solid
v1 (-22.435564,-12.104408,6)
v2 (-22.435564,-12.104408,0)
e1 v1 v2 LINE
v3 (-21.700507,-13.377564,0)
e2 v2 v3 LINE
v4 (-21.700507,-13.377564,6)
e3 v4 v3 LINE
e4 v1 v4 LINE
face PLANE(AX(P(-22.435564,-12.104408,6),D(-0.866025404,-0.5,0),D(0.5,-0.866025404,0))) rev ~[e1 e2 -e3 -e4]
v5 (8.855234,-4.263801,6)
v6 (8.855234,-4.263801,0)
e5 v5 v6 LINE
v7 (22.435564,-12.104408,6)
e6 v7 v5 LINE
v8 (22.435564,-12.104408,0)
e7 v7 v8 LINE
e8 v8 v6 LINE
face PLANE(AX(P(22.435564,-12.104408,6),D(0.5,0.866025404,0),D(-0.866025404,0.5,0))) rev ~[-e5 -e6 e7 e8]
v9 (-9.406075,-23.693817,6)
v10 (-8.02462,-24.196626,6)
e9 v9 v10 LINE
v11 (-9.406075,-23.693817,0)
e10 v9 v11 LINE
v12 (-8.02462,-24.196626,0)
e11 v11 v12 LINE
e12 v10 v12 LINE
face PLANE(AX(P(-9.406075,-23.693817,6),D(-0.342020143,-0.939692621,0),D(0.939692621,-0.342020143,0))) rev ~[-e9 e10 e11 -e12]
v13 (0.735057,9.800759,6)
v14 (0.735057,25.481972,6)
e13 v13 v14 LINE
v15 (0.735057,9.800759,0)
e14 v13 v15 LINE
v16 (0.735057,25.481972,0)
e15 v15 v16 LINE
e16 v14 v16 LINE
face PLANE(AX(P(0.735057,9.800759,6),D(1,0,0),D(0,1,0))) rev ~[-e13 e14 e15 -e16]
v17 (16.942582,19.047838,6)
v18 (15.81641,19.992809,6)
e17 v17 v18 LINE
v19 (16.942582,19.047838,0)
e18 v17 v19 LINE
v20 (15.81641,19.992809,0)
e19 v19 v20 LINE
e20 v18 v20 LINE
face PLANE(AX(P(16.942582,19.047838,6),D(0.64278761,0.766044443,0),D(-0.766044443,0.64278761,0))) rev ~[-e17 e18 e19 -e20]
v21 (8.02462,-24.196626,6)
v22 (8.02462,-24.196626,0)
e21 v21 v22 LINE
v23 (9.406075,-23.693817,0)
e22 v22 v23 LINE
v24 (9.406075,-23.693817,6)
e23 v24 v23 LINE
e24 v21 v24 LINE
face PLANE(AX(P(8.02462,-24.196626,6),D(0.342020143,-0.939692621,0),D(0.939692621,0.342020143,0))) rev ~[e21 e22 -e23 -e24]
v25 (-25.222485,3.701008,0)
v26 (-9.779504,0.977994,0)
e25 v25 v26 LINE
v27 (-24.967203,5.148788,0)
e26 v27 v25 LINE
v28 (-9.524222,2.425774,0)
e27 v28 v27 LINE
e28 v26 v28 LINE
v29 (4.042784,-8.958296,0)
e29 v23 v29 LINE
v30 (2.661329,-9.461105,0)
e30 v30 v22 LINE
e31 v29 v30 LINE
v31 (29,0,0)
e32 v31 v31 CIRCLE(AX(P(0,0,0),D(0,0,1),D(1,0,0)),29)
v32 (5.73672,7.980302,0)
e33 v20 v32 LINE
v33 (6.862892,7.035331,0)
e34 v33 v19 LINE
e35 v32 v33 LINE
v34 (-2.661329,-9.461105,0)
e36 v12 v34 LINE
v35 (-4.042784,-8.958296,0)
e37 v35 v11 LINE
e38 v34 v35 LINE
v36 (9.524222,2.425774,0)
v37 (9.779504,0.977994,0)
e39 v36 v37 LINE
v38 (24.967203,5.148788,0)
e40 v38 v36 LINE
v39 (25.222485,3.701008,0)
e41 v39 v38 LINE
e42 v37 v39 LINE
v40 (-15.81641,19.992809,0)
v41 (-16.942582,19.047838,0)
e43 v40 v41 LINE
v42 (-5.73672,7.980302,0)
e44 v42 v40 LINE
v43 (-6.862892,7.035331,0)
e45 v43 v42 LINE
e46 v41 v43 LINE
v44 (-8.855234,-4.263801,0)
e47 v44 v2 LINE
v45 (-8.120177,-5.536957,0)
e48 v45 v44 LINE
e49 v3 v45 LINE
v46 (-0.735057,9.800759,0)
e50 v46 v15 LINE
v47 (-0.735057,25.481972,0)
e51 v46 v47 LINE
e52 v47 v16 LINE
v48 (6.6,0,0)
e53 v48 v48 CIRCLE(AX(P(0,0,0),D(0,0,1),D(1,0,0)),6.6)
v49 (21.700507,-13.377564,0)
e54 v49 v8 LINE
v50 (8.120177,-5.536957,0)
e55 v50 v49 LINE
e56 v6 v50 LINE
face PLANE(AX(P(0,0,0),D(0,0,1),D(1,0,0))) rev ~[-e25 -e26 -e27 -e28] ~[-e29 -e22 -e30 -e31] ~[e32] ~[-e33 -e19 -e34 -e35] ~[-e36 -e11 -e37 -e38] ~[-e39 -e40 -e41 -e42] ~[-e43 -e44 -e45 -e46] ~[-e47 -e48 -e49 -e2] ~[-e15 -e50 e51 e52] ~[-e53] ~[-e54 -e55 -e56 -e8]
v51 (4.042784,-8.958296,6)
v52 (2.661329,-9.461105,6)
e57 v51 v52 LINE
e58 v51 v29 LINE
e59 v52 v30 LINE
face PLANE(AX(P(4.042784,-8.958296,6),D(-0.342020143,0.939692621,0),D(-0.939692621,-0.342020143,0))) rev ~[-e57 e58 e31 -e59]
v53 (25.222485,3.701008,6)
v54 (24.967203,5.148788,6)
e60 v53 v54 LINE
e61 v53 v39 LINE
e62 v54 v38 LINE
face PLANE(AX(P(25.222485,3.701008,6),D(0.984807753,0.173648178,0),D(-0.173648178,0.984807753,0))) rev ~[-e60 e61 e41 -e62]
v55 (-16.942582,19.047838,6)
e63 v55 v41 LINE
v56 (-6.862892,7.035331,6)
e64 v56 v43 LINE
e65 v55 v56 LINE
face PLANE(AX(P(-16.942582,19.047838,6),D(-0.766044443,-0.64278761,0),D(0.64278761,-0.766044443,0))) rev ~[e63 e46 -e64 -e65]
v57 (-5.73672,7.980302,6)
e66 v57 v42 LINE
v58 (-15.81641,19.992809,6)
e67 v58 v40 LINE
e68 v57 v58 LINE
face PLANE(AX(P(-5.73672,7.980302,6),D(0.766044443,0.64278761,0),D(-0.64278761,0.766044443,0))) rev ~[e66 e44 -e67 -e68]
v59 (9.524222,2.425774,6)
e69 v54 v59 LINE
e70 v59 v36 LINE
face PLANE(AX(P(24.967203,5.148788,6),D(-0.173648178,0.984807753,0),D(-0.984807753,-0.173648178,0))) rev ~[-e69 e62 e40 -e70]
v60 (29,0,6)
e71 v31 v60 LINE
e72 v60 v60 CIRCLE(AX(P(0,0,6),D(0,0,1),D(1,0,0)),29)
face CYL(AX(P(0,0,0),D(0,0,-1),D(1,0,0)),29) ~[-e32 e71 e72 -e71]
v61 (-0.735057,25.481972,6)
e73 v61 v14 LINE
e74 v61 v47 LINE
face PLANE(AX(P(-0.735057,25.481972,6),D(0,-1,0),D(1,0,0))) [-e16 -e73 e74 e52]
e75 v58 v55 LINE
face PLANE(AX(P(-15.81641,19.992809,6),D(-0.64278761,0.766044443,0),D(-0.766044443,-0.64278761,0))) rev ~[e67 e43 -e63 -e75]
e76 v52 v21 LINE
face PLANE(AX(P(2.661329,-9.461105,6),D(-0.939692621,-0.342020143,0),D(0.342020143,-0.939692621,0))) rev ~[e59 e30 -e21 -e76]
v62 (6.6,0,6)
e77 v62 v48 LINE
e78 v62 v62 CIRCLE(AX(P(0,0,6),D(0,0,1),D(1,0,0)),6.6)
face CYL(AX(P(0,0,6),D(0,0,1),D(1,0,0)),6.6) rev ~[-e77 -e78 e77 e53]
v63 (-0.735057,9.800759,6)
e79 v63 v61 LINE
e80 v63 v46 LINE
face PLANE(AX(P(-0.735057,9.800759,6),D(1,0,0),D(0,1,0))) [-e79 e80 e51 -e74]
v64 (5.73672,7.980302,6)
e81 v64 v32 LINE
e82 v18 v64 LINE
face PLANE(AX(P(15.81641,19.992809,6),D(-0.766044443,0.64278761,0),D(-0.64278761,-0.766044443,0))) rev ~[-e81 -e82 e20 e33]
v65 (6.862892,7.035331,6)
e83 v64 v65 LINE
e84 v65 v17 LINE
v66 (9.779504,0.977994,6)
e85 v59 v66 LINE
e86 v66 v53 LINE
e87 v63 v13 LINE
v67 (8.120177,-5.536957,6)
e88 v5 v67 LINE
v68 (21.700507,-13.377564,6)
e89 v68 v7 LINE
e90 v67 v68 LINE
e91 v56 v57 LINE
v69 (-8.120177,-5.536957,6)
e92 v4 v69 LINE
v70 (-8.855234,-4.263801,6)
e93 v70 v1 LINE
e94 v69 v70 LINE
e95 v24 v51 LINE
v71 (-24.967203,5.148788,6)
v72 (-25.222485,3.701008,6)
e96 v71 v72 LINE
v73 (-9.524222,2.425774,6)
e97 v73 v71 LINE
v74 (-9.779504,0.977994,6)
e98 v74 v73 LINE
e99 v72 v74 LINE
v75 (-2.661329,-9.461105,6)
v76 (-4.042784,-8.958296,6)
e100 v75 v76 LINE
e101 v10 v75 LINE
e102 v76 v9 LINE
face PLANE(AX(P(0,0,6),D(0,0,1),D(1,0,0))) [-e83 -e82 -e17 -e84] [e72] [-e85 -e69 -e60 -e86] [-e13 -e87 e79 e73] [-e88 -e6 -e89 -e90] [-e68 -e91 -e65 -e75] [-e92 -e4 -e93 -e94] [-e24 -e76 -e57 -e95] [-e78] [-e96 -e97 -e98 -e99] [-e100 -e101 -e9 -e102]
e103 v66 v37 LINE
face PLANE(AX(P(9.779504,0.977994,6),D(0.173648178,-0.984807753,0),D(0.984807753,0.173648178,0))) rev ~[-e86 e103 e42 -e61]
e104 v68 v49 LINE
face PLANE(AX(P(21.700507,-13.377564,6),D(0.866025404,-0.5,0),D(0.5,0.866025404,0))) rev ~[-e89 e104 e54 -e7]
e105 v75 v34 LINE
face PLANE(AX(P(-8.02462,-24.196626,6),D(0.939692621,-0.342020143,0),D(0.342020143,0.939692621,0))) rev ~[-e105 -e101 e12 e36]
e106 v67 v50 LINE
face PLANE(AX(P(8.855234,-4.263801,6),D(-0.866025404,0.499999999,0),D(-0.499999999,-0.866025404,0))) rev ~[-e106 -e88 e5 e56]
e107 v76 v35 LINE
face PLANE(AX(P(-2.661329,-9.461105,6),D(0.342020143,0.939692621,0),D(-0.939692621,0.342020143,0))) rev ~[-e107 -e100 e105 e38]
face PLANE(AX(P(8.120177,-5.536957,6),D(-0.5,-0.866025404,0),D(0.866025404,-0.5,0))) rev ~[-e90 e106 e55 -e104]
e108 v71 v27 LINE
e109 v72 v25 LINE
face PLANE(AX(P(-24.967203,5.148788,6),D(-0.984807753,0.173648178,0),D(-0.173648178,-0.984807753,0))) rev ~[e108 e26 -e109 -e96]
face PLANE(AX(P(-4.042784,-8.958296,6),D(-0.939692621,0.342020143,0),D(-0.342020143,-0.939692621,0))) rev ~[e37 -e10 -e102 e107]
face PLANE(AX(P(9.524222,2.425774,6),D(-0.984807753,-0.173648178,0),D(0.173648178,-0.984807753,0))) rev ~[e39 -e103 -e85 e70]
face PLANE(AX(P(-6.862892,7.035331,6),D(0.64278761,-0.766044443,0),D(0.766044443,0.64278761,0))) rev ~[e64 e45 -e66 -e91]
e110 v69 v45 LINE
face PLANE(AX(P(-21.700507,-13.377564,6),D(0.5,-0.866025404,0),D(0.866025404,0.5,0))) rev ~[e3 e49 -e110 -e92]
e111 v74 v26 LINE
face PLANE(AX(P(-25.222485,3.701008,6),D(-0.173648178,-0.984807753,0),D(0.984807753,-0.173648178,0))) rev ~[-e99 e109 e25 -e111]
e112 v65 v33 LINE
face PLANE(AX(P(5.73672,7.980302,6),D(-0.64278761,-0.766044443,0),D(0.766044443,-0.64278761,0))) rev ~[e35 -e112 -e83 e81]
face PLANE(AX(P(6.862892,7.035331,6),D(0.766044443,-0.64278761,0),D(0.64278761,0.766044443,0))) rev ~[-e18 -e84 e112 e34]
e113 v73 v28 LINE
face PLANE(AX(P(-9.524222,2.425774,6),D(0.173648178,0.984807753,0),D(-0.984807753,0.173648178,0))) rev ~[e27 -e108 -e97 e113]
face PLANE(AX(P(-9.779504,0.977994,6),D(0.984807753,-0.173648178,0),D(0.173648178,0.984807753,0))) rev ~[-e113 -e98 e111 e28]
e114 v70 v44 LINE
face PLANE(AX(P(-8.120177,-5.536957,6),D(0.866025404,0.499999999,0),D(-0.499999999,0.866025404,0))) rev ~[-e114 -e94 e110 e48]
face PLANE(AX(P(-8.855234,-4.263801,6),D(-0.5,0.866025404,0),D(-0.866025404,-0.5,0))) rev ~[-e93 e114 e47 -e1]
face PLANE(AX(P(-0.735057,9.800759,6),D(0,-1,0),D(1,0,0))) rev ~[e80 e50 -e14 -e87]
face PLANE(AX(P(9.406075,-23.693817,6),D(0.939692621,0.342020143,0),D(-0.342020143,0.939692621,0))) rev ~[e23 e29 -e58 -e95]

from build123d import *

# Parameters (mm, degrees)
SKETCH_1_R          = 29
EXTRUDE_1_DEPTH     = 6
SKETCH_2_R          = 6.6
CUT_EXTRUDE_1_DEPTH = 42.448763552
SKETCH_3_W          = 1.470113788
SKETCH_3_H          = 15.681213729
CUT_EXTRUDE_2_DEPTH = 42.448763552


with BuildPart() as part:
    # 草图1 → 凸台-拉伸1 (new body)
    with BuildSketch(Plane.XY):
        Circle(SKETCH_1_R)
    extrude(amount=EXTRUDE_1_DEPTH)

    # 草图2 → 切除-拉伸1 (cut, through all)
    with BuildSketch(Plane.XY.offset(6)):
        Circle(SKETCH_2_R)
    extrude(amount=-CUT_EXTRUDE_1_DEPTH, mode=Mode.SUBTRACT)

    # 草图3 → 切除-拉伸2 (cut, through all)
    with BuildSketch(Plane.XY.offset(6)):
        Polygon((15.816409823, 19.992808752), (5.736719933, 7.980302113), (6.86289243, 7.035331186), (16.94258232, 19.047837825), align=None)
        with Locations((0, 17.641365445)):
            Rectangle(SKETCH_3_W, SKETCH_3_H)
        Polygon((24.967202603, 5.148787783), (9.524221746, 2.425773595), (9.779504326, 0.97799414), (25.222485183, 3.701008327), align=None)
        Polygon((22.435563806, -12.104408212), (8.855234354, -4.263801347), (8.120177461, -5.536957234), (21.700506913, -13.377564098), align=None)
        Polygon((9.406075361, -23.693817079), (4.042784393, -8.958296253), (2.661329316, -9.461104781), (8.024620283, -24.196625607), align=None)
        Polygon((-8.024620283, -24.196625607), (-2.661329316, -9.461104781), (-4.042784393, -8.958296253), (-9.406075361, -23.693817079), align=None)
        Polygon((-21.700506913, -13.377564098), (-8.120177461, -5.536957234), (-8.855234354, -4.263801347), (-22.435563806, -12.104408212), align=None)
        Polygon((-25.222485183, 3.701008327), (-9.779504326, 0.97799414), (-9.524221746, 2.425773595), (-24.967202603, 5.148787783), align=None)
        Polygon((-16.94258232, 19.047837825), (-6.86289243, 7.035331186), (-5.736719933, 7.980302113), (-15.816409823, 19.992808752), align=None)
    extrude(amount=-CUT_EXTRUDE_2_DEPTH, mode=Mode.SUBTRACT)


solid = part.part
